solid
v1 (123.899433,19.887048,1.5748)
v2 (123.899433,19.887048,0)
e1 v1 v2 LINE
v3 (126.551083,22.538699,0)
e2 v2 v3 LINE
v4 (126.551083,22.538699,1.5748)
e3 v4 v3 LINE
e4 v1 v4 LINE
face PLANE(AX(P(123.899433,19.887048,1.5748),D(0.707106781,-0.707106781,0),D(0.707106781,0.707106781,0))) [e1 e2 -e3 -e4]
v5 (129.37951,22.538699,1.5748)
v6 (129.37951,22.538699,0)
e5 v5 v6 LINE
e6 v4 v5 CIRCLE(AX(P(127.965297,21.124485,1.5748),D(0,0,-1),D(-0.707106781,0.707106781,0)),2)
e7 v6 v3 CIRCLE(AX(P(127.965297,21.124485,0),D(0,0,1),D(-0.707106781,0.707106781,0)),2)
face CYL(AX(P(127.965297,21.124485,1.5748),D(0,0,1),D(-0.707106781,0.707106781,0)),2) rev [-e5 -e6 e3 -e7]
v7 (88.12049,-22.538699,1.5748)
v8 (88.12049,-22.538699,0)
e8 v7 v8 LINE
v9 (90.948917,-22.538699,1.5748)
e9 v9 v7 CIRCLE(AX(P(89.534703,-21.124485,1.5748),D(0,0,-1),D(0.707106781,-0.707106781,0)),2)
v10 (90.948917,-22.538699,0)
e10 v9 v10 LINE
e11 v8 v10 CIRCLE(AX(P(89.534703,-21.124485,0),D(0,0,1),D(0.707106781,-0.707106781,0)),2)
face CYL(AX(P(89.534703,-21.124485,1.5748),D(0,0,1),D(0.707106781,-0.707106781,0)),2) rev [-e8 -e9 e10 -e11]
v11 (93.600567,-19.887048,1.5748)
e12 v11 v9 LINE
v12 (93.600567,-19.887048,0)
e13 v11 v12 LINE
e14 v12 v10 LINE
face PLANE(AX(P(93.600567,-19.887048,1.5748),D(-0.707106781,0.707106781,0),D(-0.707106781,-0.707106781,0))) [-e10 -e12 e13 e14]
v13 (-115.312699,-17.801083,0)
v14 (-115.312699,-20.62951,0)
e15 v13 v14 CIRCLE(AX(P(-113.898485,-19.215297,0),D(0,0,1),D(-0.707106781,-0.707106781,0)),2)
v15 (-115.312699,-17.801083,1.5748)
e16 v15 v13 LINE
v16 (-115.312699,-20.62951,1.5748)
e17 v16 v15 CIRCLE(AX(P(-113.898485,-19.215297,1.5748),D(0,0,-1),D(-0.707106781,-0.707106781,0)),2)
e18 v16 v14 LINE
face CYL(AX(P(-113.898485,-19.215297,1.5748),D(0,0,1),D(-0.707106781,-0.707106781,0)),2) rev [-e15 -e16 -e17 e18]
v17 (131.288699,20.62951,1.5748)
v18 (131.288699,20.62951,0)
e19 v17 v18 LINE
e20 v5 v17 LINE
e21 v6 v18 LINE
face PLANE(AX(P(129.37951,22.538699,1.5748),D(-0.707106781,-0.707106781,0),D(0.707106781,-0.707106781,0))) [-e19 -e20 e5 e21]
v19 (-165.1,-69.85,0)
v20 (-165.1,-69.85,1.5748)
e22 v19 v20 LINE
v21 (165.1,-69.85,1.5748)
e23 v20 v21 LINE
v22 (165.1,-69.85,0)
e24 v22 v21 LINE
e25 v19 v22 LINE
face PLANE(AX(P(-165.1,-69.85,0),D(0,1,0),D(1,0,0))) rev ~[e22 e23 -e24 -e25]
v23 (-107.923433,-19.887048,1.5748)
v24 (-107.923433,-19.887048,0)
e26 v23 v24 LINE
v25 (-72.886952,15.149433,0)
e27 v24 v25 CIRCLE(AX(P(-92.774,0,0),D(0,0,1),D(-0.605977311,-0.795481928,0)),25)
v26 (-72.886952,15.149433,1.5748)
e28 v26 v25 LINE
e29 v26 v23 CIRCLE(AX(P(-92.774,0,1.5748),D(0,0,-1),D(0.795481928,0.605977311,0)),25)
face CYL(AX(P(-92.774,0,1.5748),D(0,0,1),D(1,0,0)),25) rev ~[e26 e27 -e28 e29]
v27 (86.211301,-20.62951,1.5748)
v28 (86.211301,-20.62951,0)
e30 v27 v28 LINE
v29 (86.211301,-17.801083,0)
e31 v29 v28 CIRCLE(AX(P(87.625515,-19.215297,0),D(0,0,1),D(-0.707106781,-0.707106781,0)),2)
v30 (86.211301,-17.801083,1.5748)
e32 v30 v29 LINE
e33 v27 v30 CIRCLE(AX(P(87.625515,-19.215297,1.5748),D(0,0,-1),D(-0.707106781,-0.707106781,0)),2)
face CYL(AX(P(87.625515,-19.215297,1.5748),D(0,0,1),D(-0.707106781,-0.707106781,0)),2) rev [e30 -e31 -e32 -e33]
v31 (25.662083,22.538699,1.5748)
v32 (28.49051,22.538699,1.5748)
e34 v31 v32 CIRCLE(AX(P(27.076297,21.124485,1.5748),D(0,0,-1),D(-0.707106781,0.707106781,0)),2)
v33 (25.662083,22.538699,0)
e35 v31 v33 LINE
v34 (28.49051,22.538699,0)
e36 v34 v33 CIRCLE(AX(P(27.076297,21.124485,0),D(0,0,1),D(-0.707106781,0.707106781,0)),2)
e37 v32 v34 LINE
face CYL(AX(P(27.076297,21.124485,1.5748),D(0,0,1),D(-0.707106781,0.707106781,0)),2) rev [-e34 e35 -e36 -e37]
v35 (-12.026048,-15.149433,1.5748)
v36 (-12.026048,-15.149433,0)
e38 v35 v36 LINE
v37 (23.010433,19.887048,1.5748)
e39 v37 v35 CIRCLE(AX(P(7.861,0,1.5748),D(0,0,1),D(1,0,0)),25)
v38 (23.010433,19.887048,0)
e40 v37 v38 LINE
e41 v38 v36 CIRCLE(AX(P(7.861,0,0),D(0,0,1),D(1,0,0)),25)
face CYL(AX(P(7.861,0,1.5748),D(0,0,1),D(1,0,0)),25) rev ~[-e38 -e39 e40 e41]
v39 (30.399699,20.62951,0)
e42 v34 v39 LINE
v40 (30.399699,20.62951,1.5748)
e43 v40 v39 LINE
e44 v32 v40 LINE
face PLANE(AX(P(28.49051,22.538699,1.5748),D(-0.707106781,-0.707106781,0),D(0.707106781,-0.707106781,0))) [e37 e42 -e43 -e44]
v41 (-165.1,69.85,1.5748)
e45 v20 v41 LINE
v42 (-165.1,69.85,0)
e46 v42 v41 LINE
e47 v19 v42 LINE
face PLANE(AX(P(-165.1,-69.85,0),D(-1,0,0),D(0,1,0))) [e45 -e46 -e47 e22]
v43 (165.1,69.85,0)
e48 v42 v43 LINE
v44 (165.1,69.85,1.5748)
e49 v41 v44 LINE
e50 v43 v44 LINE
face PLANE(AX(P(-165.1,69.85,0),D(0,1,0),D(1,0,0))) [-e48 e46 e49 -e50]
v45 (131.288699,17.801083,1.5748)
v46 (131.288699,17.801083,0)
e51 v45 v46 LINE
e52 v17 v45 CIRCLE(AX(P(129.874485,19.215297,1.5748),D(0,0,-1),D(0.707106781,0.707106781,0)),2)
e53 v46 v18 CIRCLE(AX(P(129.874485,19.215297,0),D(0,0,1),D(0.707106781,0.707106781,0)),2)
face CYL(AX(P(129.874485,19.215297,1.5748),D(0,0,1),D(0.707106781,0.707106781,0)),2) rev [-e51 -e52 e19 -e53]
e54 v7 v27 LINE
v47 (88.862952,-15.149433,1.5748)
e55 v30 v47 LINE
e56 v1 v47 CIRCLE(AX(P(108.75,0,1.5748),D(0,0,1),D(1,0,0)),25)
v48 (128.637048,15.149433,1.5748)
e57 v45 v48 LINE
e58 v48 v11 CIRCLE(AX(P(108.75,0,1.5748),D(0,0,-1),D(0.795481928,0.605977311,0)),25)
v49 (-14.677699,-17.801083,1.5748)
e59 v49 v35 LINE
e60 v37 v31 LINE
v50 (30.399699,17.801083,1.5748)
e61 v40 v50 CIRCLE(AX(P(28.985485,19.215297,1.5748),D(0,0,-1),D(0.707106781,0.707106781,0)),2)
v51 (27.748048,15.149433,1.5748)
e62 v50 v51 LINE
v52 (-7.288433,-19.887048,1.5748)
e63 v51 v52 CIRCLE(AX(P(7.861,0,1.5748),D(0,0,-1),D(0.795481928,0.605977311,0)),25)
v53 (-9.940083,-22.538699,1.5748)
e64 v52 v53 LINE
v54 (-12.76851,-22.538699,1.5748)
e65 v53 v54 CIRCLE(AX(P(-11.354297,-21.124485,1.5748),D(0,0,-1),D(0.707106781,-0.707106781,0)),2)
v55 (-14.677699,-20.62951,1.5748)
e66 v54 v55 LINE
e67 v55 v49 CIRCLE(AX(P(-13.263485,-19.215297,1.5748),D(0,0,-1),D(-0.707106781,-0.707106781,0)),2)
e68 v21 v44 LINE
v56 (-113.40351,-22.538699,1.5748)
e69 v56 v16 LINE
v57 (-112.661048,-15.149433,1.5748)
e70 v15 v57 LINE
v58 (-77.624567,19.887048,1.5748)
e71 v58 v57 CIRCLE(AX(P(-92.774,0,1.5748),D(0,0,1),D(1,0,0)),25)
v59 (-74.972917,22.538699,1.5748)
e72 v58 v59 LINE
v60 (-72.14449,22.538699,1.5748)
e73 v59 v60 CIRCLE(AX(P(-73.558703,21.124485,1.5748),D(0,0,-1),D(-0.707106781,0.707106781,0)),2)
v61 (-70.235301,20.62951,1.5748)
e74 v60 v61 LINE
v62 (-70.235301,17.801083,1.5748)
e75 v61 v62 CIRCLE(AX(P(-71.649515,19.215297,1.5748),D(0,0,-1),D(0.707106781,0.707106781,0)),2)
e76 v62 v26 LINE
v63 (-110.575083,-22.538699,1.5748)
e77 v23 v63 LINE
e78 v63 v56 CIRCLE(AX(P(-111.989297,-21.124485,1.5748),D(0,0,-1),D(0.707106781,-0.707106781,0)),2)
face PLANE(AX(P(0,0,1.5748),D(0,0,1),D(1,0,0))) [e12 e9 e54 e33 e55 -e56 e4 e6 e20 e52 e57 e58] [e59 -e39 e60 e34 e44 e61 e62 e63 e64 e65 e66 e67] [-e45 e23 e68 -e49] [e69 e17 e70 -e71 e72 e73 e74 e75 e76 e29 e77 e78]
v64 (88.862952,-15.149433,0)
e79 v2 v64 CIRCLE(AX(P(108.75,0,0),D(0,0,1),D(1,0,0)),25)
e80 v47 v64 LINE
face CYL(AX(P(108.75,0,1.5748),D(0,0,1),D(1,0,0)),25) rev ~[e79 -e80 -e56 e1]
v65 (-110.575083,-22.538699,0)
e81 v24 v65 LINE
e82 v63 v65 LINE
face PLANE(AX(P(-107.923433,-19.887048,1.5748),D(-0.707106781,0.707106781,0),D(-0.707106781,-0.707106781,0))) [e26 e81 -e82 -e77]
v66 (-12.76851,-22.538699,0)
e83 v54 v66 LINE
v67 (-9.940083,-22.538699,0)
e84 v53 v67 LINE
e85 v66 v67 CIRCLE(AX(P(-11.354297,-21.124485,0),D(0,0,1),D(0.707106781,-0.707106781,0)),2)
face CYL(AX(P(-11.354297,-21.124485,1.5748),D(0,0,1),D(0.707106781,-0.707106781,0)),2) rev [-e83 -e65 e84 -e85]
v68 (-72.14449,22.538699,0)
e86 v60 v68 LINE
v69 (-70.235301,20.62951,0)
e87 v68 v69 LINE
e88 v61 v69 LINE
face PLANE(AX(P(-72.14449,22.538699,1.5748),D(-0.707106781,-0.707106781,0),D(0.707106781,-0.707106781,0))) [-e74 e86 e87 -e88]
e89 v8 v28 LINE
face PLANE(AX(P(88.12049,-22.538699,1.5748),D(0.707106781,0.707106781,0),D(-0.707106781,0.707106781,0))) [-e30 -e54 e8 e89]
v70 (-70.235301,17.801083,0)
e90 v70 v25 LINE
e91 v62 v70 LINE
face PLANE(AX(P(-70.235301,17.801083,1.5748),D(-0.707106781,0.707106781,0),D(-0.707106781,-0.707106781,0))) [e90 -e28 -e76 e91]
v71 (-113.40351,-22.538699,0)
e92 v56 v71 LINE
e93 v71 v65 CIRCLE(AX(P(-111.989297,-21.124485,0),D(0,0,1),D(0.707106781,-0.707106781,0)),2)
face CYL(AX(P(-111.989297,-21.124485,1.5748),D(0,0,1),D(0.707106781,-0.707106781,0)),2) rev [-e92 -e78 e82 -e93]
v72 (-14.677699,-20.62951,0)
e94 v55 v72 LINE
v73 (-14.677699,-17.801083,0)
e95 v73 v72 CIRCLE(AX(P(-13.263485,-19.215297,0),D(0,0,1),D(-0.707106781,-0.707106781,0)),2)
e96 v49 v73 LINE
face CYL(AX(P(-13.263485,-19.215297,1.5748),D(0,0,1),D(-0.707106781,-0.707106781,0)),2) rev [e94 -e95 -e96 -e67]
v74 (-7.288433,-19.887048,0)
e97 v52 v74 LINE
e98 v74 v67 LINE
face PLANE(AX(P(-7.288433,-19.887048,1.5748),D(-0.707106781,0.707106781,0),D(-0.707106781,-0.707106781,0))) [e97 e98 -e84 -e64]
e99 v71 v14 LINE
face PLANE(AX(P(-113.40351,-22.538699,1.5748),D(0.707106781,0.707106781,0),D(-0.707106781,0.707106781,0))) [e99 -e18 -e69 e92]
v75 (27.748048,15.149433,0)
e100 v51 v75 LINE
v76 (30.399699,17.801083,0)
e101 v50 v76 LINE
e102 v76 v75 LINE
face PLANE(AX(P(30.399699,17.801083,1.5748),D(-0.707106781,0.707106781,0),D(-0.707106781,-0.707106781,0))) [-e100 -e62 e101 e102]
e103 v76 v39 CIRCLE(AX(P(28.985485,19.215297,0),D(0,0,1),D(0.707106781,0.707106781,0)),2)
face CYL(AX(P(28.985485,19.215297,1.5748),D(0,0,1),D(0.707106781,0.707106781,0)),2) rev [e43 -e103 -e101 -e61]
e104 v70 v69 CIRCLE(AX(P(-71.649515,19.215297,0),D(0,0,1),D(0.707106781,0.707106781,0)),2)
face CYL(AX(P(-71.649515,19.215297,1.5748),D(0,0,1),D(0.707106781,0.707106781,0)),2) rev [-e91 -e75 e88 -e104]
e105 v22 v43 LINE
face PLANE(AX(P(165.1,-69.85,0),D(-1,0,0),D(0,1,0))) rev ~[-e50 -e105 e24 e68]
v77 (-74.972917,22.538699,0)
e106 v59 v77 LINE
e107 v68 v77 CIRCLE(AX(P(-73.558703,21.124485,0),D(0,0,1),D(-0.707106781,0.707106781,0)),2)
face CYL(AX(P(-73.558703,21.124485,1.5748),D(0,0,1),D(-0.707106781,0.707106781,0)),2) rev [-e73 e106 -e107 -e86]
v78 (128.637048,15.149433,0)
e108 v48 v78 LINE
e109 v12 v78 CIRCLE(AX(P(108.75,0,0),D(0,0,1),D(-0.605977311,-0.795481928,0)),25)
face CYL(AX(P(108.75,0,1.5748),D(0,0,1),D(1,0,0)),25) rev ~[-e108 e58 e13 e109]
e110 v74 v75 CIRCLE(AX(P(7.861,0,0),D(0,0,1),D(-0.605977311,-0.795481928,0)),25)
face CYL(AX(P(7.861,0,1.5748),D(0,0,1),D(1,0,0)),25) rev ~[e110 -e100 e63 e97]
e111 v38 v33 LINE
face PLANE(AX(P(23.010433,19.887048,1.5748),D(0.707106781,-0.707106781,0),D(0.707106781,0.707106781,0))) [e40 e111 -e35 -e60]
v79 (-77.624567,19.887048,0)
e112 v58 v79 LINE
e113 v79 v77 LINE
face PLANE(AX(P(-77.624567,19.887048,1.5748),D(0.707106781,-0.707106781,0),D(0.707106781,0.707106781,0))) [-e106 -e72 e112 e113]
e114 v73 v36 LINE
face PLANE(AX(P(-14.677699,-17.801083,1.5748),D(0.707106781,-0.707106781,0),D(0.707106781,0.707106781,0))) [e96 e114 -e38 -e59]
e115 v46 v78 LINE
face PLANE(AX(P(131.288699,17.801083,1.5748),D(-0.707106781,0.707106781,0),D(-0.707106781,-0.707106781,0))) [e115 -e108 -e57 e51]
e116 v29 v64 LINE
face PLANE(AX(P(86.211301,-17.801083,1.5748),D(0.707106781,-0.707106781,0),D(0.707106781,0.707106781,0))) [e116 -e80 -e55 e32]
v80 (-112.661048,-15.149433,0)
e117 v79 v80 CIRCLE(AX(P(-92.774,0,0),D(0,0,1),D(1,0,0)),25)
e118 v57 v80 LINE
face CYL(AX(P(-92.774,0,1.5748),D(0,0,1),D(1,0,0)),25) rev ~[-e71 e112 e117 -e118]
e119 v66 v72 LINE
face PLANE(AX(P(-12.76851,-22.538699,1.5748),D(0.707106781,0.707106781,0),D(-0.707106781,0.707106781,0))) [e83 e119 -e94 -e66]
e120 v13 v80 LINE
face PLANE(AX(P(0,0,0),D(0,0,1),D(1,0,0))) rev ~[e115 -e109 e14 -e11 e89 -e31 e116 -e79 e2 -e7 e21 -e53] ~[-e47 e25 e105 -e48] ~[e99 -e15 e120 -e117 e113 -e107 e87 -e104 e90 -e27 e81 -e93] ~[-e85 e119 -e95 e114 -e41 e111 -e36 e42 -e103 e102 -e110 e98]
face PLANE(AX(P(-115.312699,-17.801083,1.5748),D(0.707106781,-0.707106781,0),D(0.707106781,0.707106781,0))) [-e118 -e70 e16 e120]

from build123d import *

# Parameters (mm, degrees)
SKETCH1_W           = 330.2
SKETCH1_H           = 139.7
BOSS_EXTRUDE1_DEPTH = 1.5748
SKETCH6_R           = 25
CUT_EXTRUDE3_DEPTH  = 180.27496338
CUT_EXTRUDE4_DEPTH  = 4


with BuildPart() as part:
    # Sketch1 → Boss-Extrude1 (new body)
    with BuildSketch(Plane.XY):
        Rectangle(SKETCH1_W, SKETCH1_H)
    extrude(amount=BOSS_EXTRUDE1_DEPTH)

    # Sketch6 → Cut-Extrude3 (cut, through all)
    with BuildSketch(Plane.XY.offset(1.5748)):
        with Locations((108.75, 0)):
            Circle(SKETCH6_R)
        with Locations((7.861, 0)):
            Circle(SKETCH6_R)
        with Locations((-92.774, 0)):
            Circle(SKETCH6_R)
    extrude(amount=-CUT_EXTRUDE3_DEPTH, mode=Mode.SUBTRACT)

    # Sketch8 → Cut-Extrude4 (cut)
    with BuildSketch(Plane.XY.offset(1.5748)):
        with BuildLine():
            Line((88.120489669, -22.53869864), (86.21130136, -20.629510331))
            ThreePointArc((86.21130136, -20.629510331), (85.625514922, -19.215296769), (86.21130136, -17.801083206))
            Line((86.21130136, -17.801083206), (88.862951789, -15.149432777))
            ThreePointArc((88.862951789, -15.149432777), (91.07233047, -17.67766953), (93.600567223, -19.887048211))
            Line((93.600567223, -19.887048211), (90.948916794, -22.53869864))
            ThreePointArc((90.948916794, -22.53869864), (89.534703231, -23.124485078), (88.120489669, -22.53869864))
        make_face()
        with BuildLine():
            Line((131.28869864, 17.801083206), (128.637048211, 15.149432777))
            ThreePointArc((128.637048211, 15.149432777), (126.42766953, 17.67766953), (123.899432777, 19.887048211))
            Line((123.899432777, 19.887048211), (126.551083206, 22.53869864))
            ThreePointArc((126.551083206, 22.53869864), (127.965296769, 23.124485078), (129.379510331, 22.53869864))
            Line((129.379510331, 22.53869864), (131.28869864, 20.629510331))
            ThreePointArc((131.28869864, 20.629510331), (131.874485078, 19.215296769), (131.28869864, 17.801083206))
        make_face()
        with BuildLine():
            Line((30.39969864, 17.801083206), (27.748048211, 15.149432777))
            ThreePointArc((27.748048211, 15.149432777), (25.53866953, 17.67766953), (23.010432777, 19.887048211))
            Line((23.010432777, 19.887048211), (25.662083206, 22.53869864))
            ThreePointArc((25.662083206, 22.53869864), (27.076296769, 23.124485078), (28.490510331, 22.53869864))
            Line((28.490510331, 22.53869864), (30.39969864, 20.629510331))
            ThreePointArc((30.39969864, 20.629510331), (30.985485078, 19.215296769), (30.39969864, 17.801083206))
        make_face()
        with BuildLine():
            Line((-7.288432777, -19.887048211), (-9.940083206, -22.53869864))
            ThreePointArc((-9.940083206, -22.53869864), (-11.354296769, -23.124485078), (-12.768510331, -22.53869864))
            Line((-12.768510331, -22.53869864), (-14.67769864, -20.629510331))
            ThreePointArc((-14.67769864, -20.629510331), (-15.263485078, -19.215296769), (-14.67769864, -17.801083206))
            Line((-14.67769864, -17.801083206), (-12.026048211, -15.149432777))
            ThreePointArc((-12.026048211, -15.149432777), (-9.81666953, -17.67766953), (-7.288432777, -19.887048211))
        make_face()
        with BuildLine():
            Line((-115.31269864, -17.801083206), (-112.661048211, -15.149432777))
            ThreePointArc((-112.661048211, -15.149432777), (-110.45166953, -17.67766953), (-107.923432777, -19.887048211))
            Line((-107.923432777, -19.887048211), (-110.575083206, -22.53869864))
            ThreePointArc((-110.575083206, -22.53869864), (-111.989296769, -23.124485078), (-113.403510331, -22.53869864))
            Line((-113.403510331, -22.53869864), (-115.31269864, -20.629510331))
            ThreePointArc((-115.31269864, -20.629510331), (-115.898485078, -19.215296769), (-115.31269864, -17.801083206))
        make_face()
        with BuildLine():
            Line((-70.23530136, 17.801083206), (-72.886951789, 15.149432777))
            ThreePointArc((-72.886951789, 15.149432777), (-75.09633047, 17.67766953), (-77.624567223, 19.887048211))
            Line((-77.624567223, 19.887048211), (-74.972916794, 22.53869864))
            ThreePointArc((-74.972916794, 22.53869864), (-73.558703231, 23.124485078), (-72.144489669, 22.53869864))
            Line((-72.144489669, 22.53869864), (-70.23530136, 20.629510331))
            ThreePointArc((-70.23530136, 20.629510331), (-69.649514922, 19.215296769), (-70.23530136, 17.801083206))
        make_face()
    extrude(amount=-CUT_EXTRUDE4_DEPTH, mode=Mode.SUBTRACT)


solid = part.part
